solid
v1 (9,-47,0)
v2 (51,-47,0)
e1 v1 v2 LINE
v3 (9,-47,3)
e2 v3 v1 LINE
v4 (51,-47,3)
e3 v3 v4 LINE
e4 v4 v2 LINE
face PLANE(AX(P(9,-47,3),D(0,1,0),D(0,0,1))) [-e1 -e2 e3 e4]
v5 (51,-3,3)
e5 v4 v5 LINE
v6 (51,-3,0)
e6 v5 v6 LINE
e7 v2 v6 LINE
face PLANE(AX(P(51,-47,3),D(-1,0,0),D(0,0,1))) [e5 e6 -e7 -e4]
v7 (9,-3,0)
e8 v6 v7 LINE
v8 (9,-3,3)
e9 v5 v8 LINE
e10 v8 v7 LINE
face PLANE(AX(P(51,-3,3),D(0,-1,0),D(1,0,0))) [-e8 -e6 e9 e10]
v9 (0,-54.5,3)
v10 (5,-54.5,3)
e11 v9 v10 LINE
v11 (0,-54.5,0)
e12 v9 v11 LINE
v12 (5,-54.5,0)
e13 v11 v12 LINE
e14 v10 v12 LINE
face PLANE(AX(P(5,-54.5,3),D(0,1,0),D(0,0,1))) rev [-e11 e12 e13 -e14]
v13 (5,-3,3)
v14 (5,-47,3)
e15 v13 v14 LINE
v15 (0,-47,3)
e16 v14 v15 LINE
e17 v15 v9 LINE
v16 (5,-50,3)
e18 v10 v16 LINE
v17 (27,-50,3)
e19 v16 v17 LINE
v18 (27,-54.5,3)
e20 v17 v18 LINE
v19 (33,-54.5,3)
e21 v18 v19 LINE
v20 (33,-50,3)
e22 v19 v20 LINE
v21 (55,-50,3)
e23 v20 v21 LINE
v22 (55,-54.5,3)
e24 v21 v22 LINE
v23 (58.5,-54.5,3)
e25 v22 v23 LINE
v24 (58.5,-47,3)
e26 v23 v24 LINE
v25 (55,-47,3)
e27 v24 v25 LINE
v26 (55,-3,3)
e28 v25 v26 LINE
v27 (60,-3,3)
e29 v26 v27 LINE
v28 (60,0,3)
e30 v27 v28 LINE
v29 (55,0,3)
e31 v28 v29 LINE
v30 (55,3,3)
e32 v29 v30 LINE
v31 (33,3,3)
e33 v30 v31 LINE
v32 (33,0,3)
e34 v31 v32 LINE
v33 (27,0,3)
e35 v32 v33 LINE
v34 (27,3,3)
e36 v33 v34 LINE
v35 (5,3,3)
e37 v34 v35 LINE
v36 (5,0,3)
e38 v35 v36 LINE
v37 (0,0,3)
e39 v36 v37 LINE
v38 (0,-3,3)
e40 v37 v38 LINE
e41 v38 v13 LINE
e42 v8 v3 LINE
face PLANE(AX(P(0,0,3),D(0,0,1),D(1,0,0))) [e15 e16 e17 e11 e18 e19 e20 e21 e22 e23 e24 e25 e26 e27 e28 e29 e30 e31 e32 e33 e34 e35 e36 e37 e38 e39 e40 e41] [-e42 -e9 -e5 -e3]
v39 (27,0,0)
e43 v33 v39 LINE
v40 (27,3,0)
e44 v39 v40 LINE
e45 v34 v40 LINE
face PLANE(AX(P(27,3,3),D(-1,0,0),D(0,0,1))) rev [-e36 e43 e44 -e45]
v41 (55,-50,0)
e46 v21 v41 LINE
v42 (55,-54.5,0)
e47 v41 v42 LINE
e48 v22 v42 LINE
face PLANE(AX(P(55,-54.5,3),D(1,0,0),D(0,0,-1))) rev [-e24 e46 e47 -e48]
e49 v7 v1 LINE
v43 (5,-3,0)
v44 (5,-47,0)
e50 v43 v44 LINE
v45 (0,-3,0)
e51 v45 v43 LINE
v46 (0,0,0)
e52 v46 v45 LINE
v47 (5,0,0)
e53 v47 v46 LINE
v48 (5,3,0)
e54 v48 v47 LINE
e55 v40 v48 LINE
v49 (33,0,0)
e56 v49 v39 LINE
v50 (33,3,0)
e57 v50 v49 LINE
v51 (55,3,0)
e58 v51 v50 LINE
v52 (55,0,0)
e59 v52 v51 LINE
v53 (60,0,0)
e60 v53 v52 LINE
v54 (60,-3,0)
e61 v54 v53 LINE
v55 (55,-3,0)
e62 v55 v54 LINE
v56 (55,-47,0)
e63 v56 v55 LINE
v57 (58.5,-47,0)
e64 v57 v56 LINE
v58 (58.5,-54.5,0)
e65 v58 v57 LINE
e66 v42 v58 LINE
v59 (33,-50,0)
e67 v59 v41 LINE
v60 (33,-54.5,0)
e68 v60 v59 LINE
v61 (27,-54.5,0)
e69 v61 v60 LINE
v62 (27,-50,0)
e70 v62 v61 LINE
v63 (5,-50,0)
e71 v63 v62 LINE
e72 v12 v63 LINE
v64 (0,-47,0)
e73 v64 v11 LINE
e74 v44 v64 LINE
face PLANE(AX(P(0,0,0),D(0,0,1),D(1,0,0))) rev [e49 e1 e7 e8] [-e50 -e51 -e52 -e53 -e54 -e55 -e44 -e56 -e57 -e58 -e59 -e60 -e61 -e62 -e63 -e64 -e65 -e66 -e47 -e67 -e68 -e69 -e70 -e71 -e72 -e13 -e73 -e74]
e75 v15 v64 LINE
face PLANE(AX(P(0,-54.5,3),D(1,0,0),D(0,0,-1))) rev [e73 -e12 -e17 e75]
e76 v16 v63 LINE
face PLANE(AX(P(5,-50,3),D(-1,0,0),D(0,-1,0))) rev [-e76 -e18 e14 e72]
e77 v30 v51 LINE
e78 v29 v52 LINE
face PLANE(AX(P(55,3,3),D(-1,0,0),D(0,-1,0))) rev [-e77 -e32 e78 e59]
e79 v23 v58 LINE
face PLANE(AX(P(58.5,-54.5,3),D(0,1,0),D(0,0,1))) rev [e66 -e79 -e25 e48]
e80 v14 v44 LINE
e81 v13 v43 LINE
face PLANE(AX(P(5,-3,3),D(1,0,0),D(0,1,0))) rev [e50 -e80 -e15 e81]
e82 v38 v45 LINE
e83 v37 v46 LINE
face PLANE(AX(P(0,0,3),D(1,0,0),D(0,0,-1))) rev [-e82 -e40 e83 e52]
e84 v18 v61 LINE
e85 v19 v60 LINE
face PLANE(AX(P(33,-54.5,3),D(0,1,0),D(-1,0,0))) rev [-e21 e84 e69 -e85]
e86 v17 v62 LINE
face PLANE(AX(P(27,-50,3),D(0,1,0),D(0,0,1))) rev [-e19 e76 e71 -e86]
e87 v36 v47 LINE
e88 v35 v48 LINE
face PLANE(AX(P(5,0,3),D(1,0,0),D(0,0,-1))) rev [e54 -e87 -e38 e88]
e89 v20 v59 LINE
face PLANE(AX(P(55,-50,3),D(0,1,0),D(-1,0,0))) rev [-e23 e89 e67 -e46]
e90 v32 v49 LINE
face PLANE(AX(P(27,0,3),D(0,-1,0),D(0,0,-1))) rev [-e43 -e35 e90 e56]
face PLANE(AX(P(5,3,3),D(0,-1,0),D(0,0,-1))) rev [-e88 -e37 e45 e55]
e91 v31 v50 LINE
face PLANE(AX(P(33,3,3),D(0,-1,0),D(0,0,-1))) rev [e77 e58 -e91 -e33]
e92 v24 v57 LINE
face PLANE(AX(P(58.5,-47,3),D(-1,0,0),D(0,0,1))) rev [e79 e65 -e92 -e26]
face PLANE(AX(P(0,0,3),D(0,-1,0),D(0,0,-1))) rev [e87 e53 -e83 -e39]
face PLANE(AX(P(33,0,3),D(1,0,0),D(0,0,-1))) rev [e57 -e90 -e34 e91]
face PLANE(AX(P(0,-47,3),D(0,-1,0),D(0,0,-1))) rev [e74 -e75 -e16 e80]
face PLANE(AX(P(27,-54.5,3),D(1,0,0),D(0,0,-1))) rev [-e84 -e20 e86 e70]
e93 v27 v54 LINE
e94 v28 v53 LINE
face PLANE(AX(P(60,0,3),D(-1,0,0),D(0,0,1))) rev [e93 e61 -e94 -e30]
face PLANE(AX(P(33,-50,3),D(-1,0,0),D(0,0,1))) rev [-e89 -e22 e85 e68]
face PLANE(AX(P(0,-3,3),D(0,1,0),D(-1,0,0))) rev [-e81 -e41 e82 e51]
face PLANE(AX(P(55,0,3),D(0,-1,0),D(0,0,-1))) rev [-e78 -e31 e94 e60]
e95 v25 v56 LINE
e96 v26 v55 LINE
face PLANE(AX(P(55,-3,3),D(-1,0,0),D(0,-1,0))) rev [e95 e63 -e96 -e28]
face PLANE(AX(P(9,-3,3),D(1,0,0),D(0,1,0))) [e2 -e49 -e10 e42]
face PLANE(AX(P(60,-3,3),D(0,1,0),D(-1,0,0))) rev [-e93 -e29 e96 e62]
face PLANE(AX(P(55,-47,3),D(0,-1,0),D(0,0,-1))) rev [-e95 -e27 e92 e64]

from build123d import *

# Parameters (mm, degrees)
SKETCH1_W           = 42
SKETCH1_H           = 44
BOSS_EXTRUDE1_DEPTH = 3


with BuildPart() as part:
    # Sketch1 → Boss-Extrude1 (new body)
    with BuildSketch(Plane.XY):
        Polygon((0, 0), (5, 0), (5, 3), (27, 3), (27, 0), (33, 0), (33, 3), (55, 3), (55, 0), (60, 0), (60, -3), (55, -3), (55, -47), (58.5, -47), (58.5, -54.5), (55, -54.5), (55, -50), (33, -50), (33, -54.5), (27, -54.5), (27, -50), (5, -50), (5, -54.5), (0, -54.5), (0, -47), (5, -47), (5, -3), (0, -3), align=None)
        with Locations((30, -25)):
            Rectangle(SKETCH1_W, SKETCH1_H, mode=Mode.SUBTRACT)
    extrude(amount=BOSS_EXTRUDE1_DEPTH)


solid = part.part
